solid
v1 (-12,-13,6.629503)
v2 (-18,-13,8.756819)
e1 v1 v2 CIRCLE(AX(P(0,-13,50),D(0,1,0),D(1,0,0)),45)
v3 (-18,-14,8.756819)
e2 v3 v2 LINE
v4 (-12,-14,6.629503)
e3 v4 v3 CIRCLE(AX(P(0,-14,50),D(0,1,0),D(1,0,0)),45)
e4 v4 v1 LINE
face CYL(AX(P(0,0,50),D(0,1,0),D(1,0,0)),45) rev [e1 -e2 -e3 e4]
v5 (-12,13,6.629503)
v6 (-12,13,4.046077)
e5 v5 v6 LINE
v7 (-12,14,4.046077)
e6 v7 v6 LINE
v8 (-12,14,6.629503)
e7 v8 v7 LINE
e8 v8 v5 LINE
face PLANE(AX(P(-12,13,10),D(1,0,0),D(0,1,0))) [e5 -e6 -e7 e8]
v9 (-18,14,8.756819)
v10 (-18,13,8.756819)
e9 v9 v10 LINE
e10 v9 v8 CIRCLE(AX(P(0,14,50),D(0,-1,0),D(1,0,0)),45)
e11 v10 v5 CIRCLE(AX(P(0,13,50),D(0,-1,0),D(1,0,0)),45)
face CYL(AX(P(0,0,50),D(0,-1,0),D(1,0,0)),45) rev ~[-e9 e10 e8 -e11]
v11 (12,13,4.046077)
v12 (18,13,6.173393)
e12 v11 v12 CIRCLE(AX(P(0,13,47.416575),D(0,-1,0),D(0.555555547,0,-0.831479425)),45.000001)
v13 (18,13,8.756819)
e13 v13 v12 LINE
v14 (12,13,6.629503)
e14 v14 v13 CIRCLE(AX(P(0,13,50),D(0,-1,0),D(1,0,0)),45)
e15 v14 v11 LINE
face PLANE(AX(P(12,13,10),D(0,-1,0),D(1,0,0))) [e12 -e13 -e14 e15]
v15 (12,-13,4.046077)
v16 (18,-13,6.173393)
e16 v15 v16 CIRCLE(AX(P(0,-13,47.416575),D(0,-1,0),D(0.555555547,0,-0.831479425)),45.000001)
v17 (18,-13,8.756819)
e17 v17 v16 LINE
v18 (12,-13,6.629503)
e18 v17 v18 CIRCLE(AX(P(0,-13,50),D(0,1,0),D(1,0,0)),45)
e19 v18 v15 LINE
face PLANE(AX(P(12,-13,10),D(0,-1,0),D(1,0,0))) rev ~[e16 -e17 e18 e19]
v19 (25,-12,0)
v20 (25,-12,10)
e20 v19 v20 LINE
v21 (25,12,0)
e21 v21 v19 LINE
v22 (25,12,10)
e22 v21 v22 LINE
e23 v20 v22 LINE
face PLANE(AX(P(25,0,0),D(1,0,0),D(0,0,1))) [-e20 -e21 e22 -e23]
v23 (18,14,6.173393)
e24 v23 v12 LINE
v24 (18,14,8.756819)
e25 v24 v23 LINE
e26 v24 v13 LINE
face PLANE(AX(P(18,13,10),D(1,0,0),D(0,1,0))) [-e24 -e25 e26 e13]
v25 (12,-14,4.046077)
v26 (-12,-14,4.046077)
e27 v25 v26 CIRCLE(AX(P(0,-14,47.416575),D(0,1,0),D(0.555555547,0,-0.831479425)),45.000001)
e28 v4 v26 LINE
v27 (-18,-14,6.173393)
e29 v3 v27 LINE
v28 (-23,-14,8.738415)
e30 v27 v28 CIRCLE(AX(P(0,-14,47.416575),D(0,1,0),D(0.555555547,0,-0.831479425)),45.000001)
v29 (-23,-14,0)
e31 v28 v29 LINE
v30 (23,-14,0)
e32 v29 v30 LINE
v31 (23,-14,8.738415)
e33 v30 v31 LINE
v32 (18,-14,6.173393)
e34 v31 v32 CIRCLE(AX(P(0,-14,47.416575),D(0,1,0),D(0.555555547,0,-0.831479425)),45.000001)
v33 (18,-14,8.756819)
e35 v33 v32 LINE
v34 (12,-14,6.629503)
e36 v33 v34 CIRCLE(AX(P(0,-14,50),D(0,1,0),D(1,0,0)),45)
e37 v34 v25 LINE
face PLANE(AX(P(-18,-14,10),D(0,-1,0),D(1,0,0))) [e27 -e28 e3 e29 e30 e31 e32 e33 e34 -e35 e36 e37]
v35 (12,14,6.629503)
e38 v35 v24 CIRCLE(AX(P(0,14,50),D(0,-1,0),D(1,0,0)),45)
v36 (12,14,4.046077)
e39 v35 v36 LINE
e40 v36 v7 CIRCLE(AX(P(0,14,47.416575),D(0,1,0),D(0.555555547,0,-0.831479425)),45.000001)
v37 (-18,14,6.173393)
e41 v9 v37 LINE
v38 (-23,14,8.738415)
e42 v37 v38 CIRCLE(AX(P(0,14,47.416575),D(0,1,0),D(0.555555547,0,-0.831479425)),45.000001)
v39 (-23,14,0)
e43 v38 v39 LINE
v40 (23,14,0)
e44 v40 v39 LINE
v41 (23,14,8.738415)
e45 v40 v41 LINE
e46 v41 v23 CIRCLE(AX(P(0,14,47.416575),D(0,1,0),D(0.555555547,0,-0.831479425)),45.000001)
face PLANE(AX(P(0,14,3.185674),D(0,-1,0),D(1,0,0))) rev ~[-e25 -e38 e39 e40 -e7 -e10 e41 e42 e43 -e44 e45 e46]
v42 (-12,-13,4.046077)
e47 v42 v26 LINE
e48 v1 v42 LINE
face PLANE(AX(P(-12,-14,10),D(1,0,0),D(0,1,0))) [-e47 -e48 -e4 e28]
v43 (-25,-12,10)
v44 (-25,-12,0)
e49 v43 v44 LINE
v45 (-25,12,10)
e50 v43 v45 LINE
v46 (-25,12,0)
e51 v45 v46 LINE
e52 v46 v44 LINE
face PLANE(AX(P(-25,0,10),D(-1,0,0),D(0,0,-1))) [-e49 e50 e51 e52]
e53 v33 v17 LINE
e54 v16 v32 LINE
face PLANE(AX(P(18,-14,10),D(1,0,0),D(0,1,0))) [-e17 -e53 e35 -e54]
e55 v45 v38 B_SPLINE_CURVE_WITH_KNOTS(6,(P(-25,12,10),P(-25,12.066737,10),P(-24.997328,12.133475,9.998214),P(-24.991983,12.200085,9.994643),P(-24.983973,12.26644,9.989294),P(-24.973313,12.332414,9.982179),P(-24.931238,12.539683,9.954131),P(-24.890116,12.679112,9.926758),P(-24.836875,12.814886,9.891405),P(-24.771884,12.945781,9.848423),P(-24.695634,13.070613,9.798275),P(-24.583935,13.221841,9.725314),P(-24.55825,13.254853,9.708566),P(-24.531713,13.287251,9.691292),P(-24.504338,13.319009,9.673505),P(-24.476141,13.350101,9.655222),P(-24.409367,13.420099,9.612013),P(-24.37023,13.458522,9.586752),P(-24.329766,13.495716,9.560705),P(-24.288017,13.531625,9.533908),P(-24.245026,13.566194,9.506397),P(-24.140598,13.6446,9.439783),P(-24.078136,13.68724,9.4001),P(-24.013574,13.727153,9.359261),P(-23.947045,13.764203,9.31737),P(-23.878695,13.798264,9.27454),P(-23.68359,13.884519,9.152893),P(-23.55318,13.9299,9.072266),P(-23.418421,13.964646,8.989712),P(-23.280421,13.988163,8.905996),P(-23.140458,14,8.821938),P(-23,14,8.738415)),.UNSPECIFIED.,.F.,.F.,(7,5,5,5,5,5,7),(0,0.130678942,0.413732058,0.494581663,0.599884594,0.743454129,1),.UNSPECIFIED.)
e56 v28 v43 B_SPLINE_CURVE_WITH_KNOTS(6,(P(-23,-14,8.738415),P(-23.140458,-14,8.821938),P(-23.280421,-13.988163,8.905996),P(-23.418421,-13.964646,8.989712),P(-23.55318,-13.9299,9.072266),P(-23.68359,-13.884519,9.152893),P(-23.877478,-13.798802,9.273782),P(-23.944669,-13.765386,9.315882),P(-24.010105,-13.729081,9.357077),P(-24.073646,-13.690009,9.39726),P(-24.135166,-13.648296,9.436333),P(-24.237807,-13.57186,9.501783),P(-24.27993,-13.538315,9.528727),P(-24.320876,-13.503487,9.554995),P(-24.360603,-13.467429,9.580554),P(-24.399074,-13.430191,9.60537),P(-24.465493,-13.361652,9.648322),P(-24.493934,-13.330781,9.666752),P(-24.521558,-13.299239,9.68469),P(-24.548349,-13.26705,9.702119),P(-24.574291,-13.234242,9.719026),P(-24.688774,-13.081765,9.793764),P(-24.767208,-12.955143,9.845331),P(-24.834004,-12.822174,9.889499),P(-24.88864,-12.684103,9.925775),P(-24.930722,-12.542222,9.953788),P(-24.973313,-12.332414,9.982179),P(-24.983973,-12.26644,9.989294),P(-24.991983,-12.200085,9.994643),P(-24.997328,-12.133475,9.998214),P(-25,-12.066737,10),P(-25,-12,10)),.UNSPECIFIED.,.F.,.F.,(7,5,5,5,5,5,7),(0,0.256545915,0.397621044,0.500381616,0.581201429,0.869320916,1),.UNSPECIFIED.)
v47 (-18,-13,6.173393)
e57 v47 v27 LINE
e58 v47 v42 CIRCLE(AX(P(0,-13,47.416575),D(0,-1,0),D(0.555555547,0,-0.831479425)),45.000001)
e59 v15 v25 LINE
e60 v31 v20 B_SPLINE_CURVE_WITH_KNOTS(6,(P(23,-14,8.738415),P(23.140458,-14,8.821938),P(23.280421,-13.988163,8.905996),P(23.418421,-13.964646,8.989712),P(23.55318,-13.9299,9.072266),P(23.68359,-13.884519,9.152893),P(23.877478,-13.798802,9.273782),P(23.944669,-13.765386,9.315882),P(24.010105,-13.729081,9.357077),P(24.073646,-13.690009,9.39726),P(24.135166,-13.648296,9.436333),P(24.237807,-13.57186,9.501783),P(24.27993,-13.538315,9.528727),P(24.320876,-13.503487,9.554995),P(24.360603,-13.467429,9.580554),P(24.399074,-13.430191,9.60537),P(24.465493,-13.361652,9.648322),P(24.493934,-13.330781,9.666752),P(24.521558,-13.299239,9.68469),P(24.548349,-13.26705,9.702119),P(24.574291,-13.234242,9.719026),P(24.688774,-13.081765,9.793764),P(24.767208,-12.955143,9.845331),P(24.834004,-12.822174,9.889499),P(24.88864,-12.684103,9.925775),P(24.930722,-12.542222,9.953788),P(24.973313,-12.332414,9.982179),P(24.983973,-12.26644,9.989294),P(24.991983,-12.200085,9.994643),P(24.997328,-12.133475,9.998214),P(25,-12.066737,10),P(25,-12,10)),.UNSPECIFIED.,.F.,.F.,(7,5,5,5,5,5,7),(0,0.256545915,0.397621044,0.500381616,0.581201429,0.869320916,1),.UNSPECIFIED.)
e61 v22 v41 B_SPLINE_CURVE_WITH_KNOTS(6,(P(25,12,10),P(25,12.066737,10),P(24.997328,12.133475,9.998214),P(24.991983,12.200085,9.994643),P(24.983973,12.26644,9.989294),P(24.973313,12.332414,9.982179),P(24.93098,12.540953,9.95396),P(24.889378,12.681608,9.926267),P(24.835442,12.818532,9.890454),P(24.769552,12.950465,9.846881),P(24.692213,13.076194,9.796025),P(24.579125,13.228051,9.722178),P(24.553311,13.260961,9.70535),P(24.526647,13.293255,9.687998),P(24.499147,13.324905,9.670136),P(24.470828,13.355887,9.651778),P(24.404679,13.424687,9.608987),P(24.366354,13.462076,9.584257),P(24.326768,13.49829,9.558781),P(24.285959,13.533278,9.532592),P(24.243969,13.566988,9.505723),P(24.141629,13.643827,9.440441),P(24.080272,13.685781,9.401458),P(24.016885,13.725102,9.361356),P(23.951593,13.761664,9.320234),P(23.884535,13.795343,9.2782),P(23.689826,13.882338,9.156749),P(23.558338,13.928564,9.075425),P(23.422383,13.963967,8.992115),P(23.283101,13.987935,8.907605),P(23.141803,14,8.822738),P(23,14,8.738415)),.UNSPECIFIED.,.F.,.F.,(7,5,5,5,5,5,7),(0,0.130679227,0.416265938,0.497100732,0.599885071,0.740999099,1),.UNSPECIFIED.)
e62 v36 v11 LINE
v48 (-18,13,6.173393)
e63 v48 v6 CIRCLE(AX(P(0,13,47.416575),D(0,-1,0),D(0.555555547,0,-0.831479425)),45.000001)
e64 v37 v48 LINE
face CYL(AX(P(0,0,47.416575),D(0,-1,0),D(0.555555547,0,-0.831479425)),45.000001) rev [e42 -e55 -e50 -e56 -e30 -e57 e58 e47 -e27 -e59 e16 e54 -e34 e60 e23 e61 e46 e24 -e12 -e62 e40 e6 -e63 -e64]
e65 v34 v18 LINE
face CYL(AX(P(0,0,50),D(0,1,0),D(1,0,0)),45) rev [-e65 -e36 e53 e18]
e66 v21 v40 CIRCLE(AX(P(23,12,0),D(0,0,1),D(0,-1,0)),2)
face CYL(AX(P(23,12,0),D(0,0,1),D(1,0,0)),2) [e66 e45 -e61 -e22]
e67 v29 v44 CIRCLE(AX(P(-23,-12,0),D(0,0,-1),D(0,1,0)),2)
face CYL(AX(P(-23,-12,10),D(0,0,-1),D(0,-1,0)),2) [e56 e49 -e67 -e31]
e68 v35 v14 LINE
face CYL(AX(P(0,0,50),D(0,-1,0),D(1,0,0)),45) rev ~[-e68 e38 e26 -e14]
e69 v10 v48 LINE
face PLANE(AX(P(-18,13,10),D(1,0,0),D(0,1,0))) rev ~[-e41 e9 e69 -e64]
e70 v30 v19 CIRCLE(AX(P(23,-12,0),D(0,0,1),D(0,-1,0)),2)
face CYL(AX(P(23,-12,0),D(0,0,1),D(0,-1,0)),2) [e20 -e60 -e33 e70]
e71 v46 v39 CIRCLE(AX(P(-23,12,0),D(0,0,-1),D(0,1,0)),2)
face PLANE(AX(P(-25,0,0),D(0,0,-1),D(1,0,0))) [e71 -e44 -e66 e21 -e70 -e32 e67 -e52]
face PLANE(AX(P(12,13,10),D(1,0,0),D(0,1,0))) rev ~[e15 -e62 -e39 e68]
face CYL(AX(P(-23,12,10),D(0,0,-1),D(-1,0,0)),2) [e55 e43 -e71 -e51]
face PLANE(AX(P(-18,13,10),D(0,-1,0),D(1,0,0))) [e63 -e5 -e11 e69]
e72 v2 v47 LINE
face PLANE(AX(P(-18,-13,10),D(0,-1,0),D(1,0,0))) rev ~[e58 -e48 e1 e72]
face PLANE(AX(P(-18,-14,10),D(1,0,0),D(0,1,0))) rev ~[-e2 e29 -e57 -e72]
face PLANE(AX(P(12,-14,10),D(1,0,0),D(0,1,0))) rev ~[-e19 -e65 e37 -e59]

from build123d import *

# Parameters (mm, degrees)
F1_DEPTH      = 14
F1_DEPTH_BACK = 14
F3_W          = 6
F3_H          = 1
F4_DEPTH      = 10
F5_R          = 45
F6_DEPTH      = 25
F6_DEPTH_BACK = 25
F7_R          = 2


with BuildPart() as f1:
    # F0 (on Front) → F1 (new body, two sides)
    with BuildSketch(Plane.XZ) as f1_sk:
        with BuildLine():
            Line((-25, 10), (-25, 0))
            Line((-25, 0), (25, 0))
            Line((25, 0), (25, 10))
            ThreePointArc((25, 10), (0, 2.416574), (-25, 10))
        make_face()
    extrude(amount=F1_DEPTH)
    extrude(f1_sk.sketch, amount=-F1_DEPTH_BACK)

    # F3 (on offset) → F4 (join)
    with BuildSketch(Plane.XY.offset(10)):
        with Locations((-15, -13.5)):
            Rectangle(F3_W, F3_H)
        with Locations((-15, 13.5)):
            Rectangle(F3_W, F3_H)
        with Locations((15, -13.5)):
            Rectangle(F3_W, F3_H)
        with Locations((15, 13.5)):
            Rectangle(F3_W, F3_H)
    extrude(amount=-F4_DEPTH)

    # F5 (on Front) → F6 (cut, two sides)
    with BuildSketch(Plane.XZ) as f6_sk:
        with Locations((0, 50)):
            Circle(F5_R)
    extrude(amount=F6_DEPTH, mode=Mode.SUBTRACT)
    extrude(f6_sk.sketch, amount=-F6_DEPTH_BACK, mode=Mode.SUBTRACT)

    # F7
    f7_edges = [f1.edges().sort_by_distance(p)[0] for p in [
        (-25, 14, 5),
        (-25, -14, 5),
        (25, -14, 5),
        (25, 14, 5),
    ]]
    fillet(f7_edges, radius=F7_R)


solid = f1.part
